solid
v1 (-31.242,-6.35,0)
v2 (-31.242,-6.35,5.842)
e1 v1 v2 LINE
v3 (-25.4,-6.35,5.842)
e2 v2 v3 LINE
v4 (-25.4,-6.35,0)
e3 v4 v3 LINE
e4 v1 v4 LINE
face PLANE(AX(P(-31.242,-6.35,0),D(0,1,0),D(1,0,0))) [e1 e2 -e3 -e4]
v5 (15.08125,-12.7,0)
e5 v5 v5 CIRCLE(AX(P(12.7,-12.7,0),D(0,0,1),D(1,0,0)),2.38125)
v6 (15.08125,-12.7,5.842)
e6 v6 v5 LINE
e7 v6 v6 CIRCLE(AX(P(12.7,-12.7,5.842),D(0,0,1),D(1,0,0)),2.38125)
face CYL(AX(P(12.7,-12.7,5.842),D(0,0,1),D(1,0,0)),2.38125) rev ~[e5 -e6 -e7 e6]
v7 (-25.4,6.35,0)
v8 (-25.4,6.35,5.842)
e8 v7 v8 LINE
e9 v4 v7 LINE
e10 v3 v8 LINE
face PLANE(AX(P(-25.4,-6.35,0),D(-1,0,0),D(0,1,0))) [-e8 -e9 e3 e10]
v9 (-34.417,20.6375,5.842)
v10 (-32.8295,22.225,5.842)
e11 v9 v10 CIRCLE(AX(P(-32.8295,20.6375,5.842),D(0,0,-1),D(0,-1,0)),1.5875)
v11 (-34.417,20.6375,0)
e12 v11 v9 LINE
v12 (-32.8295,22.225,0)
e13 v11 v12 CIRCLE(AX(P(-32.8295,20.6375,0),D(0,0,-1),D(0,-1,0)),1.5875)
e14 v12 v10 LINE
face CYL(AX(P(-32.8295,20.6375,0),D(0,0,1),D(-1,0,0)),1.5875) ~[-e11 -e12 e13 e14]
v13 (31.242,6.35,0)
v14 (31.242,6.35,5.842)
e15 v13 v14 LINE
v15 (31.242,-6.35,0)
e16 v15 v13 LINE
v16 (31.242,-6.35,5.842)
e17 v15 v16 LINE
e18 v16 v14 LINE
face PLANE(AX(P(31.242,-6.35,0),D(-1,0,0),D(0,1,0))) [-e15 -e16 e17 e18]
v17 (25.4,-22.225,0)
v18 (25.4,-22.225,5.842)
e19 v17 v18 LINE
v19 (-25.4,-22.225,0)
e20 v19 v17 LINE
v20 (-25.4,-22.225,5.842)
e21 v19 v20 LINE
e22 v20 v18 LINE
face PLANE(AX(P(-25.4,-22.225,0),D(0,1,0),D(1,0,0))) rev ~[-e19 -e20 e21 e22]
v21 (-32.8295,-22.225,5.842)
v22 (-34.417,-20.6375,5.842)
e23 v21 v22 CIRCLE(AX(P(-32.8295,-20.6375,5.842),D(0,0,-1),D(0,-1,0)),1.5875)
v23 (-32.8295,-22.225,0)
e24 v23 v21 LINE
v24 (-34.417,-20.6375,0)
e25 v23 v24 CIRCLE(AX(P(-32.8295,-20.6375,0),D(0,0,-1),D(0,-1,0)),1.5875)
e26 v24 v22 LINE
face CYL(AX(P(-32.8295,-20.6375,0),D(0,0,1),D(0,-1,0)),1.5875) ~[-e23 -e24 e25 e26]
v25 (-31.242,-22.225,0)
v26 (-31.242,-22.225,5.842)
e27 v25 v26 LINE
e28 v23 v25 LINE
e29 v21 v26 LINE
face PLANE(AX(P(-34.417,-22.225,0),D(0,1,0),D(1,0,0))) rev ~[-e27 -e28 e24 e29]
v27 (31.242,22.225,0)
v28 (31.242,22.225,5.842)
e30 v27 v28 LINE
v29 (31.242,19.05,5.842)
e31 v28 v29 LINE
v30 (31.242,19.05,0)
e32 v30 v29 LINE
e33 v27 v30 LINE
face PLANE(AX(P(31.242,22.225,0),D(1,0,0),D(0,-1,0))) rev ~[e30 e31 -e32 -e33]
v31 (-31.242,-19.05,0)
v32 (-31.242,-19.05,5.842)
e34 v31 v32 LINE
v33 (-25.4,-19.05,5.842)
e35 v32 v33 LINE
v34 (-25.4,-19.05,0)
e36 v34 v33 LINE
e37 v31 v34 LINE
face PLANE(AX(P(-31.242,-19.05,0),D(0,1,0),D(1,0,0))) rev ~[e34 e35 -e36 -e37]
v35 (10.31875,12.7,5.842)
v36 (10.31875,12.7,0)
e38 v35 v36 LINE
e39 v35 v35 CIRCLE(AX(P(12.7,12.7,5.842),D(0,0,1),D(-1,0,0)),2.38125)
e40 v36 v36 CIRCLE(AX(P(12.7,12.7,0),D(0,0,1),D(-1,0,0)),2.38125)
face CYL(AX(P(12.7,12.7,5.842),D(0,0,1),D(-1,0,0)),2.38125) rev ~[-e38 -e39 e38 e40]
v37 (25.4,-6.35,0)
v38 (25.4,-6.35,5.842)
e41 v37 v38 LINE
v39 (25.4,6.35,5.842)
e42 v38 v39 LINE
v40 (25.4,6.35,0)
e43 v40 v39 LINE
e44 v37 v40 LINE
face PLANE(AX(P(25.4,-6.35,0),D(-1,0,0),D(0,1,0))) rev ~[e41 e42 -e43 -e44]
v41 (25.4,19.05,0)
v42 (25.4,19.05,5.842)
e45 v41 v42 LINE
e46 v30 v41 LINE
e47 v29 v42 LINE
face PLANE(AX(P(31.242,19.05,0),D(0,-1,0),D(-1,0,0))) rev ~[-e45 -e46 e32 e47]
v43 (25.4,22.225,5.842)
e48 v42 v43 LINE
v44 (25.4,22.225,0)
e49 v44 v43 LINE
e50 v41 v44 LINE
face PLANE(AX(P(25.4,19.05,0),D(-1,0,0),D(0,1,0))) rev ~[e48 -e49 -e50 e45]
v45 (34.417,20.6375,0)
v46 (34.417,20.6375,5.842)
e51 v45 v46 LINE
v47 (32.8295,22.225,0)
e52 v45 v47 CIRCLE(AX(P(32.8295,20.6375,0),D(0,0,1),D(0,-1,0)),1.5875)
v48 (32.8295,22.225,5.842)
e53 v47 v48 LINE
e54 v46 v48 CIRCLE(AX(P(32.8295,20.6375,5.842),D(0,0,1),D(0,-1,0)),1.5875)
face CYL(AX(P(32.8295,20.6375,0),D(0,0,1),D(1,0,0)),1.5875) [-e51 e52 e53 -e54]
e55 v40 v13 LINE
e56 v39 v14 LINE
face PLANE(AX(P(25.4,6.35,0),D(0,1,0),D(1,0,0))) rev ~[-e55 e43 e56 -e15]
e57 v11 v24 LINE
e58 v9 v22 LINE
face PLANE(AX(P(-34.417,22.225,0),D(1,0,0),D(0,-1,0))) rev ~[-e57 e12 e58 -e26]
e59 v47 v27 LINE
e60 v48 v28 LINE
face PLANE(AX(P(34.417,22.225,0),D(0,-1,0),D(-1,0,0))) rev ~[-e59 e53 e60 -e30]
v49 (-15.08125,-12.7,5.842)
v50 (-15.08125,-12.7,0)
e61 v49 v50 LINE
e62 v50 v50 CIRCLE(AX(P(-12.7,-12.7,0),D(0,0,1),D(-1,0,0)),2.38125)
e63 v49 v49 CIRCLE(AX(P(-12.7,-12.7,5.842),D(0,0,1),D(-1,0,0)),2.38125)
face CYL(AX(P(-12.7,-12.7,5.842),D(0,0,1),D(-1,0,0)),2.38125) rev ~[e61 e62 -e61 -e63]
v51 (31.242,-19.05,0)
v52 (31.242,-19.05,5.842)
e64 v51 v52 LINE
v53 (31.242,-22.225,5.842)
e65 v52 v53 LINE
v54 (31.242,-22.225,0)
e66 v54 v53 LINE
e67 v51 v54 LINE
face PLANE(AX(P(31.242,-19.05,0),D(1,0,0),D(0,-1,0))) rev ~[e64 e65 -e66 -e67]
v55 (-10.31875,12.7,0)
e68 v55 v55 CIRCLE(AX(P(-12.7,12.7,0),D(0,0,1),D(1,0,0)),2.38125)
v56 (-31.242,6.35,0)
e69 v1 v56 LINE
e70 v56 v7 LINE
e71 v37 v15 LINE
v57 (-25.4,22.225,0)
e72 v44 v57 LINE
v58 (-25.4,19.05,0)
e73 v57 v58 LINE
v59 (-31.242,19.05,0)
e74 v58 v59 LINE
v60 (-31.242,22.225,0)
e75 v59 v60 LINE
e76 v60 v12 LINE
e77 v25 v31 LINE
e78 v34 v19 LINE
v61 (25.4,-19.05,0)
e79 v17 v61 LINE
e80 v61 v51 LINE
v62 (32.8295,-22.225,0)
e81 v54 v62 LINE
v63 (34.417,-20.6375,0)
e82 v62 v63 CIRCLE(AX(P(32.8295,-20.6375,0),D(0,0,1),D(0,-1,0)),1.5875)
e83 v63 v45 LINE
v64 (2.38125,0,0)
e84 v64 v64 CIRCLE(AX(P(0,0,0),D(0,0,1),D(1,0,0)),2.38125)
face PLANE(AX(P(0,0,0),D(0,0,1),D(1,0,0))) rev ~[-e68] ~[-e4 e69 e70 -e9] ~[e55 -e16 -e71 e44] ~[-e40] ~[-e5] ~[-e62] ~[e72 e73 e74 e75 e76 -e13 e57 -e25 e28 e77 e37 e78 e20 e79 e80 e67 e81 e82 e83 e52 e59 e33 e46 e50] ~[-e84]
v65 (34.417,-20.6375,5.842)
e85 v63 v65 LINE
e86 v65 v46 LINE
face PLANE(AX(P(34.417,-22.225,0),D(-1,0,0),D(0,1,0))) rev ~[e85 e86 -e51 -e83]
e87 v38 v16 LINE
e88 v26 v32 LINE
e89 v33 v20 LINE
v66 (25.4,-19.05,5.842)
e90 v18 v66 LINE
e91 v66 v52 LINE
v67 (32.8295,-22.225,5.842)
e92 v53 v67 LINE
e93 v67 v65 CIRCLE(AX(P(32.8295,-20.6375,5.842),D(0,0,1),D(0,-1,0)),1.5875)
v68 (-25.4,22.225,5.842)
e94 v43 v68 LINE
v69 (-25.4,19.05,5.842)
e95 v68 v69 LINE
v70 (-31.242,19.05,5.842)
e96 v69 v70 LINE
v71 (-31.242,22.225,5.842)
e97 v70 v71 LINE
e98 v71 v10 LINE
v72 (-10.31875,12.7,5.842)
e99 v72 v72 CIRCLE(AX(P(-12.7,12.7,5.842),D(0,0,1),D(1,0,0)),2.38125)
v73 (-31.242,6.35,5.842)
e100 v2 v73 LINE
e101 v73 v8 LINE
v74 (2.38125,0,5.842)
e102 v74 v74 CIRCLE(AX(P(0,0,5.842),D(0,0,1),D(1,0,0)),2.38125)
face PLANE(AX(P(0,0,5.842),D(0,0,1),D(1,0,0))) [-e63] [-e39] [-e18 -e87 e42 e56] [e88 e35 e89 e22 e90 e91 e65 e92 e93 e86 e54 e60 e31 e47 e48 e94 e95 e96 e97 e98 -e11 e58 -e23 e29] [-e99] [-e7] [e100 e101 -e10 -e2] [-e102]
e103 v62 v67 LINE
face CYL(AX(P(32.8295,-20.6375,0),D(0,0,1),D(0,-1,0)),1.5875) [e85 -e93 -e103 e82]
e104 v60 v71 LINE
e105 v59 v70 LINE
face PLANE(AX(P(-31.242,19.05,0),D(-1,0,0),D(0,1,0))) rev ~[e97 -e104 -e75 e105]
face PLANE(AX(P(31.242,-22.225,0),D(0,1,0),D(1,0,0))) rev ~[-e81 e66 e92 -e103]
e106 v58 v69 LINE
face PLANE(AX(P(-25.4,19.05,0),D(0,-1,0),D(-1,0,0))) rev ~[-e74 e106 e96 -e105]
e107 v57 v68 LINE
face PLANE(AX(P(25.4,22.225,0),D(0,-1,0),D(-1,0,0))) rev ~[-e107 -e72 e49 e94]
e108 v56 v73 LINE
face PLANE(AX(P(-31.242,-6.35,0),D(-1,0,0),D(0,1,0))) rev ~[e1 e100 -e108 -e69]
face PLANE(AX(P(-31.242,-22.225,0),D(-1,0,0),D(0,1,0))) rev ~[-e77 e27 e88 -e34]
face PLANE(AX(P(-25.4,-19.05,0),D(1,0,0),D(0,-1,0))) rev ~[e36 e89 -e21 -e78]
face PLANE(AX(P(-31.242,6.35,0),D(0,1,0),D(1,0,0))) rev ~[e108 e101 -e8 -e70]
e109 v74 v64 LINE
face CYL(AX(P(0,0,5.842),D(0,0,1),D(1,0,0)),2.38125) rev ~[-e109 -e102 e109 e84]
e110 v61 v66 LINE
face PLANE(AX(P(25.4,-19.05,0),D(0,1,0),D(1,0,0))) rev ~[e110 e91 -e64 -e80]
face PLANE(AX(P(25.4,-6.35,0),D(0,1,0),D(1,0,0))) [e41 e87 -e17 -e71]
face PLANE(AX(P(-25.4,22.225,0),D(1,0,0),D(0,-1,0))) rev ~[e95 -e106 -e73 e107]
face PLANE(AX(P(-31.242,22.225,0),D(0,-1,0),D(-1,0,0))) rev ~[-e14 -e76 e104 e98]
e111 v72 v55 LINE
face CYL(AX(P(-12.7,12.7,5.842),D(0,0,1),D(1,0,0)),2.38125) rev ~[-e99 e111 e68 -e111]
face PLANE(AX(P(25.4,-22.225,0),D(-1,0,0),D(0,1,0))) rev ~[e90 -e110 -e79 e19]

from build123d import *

# Parameters (mm, degrees)
SKETCH1_W           = 5.842
SKETCH1_H           = 12.7
BOSS_EXTRUDE1_DEPTH = 5.842
FILLET1_R           = 1.5875
SKETCH3_R           = 2.38125
CUT_EXTRUDE2_DEPTH  = 42.383686134


with BuildPart() as part:
    # Sketch1 → Boss-Extrude1 (new body)
    with BuildSketch(Plane.XY):
        Polygon((-25.4, -22.225), (25.4, -22.225), (25.4, -19.05), (31.242, -19.05), (31.242, -22.225), (34.417, -22.225), (34.417, 22.225), (31.242, 22.225), (31.242, 19.05), (25.4, 19.05), (25.4, 22.225), (-25.4, 22.225), (-25.4, 19.05), (-31.242, 19.05), (-31.242, 22.225), (-34.417, 22.225), (-34.417, -22.225), (-31.242, -22.225), (-31.242, -19.05), (-25.4, -19.05), align=None)
        with Locations((28.321, 0)):
            Rectangle(SKETCH1_W, SKETCH1_H, mode=Mode.SUBTRACT)
        with Locations((-28.321, 0)):
            Rectangle(SKETCH1_W, SKETCH1_H, mode=Mode.SUBTRACT)
    extrude(amount=BOSS_EXTRUDE1_DEPTH)

    # Fillet1
    fillet1_edges = [part.edges().sort_by_distance(p)[0] for p in [
        (34.417, 22.225, 2.921),
        (34.417, -22.225, 2.921),
        (-34.417, -22.225, 2.921),
        (-34.417, 22.225, 2.921),
    ]]
    fillet(fillet1_edges, radius=FILLET1_R)

    # Sketch3 → Cut-Extrude2 (cut, through all)
    with BuildSketch(Plane.XY.offset(5.842)):
        Circle(SKETCH3_R)
        with Locations((-12.7, 12.7)):
            Circle(SKETCH3_R)
        with Locations(Location((-12.7, -12.7, 0), (0, 0, 180))):
            Circle(SKETCH3_R)
        with Locations((12.7, -12.7)):
            Circle(SKETCH3_R)
        with Locations(Location((12.7, 12.7, 0), (0, 0, 180))):
            Circle(SKETCH3_R)
    extrude(amount=-CUT_EXTRUDE2_DEPTH, mode=Mode.SUBTRACT)


solid = part.part
